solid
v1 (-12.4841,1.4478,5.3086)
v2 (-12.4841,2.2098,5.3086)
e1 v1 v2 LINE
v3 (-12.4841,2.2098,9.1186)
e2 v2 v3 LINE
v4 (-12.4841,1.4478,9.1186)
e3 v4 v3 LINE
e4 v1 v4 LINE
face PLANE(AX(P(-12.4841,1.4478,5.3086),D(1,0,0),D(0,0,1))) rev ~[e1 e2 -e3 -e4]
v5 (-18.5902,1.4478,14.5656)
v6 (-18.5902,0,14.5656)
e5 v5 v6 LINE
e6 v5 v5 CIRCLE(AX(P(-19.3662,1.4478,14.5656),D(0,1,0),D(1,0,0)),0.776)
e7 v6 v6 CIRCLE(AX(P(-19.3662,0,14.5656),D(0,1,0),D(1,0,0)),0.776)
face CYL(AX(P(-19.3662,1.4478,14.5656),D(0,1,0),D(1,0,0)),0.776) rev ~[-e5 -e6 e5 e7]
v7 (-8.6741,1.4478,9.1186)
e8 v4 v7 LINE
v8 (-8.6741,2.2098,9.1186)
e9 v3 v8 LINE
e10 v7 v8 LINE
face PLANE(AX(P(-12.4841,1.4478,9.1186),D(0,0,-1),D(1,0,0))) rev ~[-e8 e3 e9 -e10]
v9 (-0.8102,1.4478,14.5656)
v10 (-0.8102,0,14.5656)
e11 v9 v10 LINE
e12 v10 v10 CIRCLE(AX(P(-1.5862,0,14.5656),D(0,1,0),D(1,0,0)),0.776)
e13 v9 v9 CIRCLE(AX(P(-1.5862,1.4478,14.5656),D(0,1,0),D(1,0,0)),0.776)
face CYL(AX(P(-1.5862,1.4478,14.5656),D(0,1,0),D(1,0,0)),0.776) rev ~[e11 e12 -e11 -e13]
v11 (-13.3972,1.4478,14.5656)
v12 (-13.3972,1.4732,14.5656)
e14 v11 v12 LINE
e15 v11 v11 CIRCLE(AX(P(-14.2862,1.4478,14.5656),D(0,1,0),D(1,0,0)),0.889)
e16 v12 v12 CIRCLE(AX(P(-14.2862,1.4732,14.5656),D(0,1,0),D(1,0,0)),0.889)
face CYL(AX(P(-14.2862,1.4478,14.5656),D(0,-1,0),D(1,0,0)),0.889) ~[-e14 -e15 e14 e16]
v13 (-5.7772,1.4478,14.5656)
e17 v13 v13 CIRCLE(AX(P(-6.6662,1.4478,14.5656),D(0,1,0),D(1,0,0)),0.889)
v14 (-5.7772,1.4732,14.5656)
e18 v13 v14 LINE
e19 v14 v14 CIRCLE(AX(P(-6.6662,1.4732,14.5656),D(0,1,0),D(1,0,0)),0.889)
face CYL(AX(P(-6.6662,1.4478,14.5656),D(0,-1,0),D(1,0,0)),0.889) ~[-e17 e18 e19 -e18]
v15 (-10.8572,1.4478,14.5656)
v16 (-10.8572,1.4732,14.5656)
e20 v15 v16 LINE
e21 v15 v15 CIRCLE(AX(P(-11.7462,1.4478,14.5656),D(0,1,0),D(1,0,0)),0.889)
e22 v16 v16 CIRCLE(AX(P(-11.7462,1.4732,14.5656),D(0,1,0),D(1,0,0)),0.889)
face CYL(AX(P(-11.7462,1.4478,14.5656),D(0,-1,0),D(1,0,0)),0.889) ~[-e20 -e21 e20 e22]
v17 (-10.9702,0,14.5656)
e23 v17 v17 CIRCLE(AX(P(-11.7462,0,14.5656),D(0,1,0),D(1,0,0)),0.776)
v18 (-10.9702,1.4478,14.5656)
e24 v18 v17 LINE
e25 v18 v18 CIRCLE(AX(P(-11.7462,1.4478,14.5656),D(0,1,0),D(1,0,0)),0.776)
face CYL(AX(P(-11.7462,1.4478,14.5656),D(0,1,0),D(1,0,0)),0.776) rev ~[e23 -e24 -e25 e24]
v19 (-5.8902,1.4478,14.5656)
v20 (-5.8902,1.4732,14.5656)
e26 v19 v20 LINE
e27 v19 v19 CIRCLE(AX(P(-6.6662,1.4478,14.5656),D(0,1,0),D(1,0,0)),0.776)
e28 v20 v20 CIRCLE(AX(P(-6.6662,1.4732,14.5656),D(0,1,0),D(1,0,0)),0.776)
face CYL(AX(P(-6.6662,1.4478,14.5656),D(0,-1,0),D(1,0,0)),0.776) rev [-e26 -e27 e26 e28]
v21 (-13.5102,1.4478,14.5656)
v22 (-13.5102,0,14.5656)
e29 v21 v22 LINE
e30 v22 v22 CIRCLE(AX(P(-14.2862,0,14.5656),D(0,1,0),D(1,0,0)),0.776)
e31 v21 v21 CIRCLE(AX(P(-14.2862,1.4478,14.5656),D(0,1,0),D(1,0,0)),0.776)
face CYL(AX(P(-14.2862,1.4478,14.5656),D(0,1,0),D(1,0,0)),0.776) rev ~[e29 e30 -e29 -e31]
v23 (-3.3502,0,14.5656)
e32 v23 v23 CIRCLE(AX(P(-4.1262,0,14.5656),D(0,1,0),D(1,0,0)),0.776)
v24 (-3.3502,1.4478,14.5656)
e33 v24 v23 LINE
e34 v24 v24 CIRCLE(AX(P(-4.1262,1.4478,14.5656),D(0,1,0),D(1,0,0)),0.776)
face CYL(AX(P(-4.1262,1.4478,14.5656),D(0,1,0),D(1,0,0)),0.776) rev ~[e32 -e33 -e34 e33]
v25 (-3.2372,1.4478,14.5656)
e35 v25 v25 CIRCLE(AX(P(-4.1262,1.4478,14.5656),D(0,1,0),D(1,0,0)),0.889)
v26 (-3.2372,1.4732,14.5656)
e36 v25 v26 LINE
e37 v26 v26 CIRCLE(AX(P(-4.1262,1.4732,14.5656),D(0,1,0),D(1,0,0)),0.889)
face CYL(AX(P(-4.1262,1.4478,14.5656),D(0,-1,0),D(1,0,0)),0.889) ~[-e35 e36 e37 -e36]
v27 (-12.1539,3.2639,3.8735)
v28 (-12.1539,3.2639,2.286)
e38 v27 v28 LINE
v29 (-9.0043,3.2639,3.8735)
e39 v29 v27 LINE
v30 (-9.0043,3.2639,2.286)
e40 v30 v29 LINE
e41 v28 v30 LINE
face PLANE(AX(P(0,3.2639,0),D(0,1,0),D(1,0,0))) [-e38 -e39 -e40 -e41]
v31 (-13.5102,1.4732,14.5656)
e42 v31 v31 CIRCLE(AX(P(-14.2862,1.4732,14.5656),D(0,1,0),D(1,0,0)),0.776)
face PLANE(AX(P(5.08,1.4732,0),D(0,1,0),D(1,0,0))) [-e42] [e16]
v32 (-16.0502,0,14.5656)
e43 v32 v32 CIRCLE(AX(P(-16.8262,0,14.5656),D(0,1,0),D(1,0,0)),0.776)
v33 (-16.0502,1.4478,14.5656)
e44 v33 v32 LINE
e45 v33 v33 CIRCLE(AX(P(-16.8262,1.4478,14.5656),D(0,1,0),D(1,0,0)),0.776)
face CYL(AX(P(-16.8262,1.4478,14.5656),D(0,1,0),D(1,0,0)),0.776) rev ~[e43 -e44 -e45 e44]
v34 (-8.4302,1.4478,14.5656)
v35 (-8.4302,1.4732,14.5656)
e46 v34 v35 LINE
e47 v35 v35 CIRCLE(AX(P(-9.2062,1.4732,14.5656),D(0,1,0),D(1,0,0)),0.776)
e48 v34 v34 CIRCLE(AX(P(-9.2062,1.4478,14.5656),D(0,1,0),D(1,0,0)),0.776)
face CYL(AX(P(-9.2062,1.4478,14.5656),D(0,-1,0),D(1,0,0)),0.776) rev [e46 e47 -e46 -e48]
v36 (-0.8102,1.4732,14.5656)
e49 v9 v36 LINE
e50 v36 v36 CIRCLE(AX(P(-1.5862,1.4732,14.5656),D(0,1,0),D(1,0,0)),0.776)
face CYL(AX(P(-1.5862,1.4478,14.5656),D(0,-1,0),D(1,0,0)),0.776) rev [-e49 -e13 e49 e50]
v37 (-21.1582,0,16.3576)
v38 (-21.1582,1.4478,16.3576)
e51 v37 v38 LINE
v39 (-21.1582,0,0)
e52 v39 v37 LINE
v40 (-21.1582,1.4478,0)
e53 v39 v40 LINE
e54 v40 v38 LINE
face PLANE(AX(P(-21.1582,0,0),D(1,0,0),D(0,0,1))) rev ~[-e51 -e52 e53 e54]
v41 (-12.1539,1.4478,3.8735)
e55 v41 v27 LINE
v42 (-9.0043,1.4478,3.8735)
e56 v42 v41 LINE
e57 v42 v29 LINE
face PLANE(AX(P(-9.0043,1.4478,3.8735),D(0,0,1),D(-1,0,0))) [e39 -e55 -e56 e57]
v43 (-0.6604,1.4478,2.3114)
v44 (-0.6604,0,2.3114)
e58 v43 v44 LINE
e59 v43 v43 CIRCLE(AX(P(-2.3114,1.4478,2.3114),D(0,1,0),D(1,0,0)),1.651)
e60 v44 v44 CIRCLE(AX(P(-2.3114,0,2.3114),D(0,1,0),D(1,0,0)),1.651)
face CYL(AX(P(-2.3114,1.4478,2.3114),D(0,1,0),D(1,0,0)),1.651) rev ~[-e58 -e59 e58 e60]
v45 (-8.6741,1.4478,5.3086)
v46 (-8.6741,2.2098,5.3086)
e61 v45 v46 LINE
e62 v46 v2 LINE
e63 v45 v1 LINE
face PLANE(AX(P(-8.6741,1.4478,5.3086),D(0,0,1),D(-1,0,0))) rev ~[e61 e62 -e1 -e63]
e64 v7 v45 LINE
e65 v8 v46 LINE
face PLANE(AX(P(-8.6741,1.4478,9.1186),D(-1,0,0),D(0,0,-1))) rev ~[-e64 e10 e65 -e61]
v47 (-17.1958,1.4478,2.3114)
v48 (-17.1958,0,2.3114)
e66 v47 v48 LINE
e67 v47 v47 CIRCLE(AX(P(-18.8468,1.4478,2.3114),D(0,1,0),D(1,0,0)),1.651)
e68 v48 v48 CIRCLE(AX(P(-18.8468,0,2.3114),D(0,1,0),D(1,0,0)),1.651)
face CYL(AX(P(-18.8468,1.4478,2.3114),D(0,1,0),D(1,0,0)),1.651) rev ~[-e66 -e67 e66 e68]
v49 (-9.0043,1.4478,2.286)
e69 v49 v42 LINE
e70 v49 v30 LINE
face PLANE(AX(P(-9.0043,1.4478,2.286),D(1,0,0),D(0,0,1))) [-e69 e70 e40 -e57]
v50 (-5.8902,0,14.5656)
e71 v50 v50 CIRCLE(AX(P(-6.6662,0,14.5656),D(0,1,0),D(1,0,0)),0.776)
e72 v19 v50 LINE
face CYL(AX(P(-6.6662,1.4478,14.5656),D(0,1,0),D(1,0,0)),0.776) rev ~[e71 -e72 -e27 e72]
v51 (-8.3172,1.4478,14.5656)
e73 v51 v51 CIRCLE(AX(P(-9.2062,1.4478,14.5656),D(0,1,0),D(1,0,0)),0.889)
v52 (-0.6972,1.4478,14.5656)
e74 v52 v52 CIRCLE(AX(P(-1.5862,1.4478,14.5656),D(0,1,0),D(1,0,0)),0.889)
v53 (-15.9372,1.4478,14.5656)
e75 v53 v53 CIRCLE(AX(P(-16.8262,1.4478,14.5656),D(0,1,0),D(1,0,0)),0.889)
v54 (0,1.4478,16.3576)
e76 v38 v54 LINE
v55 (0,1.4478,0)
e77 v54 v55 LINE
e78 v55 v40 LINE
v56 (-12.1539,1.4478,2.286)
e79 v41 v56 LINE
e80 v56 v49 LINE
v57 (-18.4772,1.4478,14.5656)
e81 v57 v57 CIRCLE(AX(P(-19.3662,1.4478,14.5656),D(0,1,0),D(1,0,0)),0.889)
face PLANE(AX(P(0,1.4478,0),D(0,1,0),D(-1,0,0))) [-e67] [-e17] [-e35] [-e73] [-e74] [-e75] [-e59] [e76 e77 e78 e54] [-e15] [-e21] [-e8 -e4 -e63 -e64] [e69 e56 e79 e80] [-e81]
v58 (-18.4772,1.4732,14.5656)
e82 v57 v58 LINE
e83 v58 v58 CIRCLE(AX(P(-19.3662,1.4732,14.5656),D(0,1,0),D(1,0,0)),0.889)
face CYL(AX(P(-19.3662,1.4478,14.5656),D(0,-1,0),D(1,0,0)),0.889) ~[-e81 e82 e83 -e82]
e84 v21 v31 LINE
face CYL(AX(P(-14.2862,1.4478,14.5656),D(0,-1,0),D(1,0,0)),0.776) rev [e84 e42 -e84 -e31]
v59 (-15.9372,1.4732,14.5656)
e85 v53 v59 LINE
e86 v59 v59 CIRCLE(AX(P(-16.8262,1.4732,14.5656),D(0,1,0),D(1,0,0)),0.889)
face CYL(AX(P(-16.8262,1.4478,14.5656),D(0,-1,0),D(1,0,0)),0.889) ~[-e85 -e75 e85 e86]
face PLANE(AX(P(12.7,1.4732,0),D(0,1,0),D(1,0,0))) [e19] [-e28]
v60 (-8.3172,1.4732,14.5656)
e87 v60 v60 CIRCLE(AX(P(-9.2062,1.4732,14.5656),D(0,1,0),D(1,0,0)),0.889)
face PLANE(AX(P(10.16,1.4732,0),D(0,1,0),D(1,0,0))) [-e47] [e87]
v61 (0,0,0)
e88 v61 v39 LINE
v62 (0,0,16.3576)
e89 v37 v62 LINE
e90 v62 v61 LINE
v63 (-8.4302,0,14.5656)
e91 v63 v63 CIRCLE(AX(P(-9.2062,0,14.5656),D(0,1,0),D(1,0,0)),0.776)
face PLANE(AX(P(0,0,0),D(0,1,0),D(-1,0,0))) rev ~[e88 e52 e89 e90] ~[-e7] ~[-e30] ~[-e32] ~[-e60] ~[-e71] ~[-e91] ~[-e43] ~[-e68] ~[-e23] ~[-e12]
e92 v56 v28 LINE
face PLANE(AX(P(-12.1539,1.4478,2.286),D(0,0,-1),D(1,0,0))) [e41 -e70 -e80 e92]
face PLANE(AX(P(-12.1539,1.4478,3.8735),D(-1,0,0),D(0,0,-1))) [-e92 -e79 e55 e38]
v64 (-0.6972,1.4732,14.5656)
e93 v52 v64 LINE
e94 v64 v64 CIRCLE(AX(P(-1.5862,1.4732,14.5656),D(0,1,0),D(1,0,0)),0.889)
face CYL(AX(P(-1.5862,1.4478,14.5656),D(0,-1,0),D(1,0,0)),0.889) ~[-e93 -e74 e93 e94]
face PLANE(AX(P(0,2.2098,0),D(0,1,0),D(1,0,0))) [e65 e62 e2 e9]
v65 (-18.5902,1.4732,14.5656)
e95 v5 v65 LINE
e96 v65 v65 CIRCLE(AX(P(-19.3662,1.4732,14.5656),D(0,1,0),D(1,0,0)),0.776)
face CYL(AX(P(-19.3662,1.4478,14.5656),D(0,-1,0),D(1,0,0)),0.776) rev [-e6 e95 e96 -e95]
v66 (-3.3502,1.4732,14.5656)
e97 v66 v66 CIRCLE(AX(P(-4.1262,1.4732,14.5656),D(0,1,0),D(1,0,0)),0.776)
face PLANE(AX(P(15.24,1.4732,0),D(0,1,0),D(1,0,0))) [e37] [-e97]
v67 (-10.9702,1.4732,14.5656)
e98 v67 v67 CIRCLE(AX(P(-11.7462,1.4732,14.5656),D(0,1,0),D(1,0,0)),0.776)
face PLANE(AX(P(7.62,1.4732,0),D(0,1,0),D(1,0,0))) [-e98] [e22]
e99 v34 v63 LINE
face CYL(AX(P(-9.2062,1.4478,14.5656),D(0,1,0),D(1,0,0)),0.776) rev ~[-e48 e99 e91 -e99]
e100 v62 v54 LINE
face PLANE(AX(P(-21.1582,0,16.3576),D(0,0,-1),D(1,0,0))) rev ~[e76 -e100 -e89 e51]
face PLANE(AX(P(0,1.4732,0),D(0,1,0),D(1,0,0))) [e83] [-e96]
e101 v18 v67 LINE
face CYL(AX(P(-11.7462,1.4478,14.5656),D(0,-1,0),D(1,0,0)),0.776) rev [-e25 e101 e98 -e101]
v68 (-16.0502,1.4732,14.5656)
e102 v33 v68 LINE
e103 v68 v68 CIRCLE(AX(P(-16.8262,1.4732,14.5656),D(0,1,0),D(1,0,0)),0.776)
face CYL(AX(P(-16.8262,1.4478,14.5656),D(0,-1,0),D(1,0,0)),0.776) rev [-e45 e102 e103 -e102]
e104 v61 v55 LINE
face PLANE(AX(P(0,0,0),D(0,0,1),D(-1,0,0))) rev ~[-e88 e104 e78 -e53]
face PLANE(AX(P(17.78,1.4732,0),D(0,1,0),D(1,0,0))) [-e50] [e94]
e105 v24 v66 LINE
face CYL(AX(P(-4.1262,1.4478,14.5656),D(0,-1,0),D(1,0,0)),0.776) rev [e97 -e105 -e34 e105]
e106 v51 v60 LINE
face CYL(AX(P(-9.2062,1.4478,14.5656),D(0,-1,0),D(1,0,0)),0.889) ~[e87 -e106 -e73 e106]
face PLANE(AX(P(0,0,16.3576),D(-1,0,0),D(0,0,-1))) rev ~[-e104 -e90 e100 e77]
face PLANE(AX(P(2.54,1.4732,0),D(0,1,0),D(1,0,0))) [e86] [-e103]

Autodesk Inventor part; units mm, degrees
ref_plane "YZ Plane" through (0, 0, 0) normal (1, 0, 0) x (0, 1, 0)
ref_plane "XZ Plane" through (0, 0, 0) normal (0, 1, 0) x (-1, 0, 0)
ref_plane "XY Plane" through (0, 0, 0) normal (0, 0, 1) x (1, 0, 0)
sketch "Sketch1" plane through (0, 0, 0) normal (0, 1, 0) x (-1, 0, 0)
  line L0 (0, 0) -> (21.1582, 0)
  line L1 (21.1582, 0) -> (21.1582, 16.3576)
  line L2 (21.1582, 16.3576) -> (0, 16.3576)
  line L3 (0, 16.3576) -> (0, 0)
  dimension "d0" = 21.1582
  dimension "d1" = 16.3576
extrude "Extrusion1" add sketch "Sketch1" along normal blind 1.4478
sketch "Sketch2" plane through (0, 1.4478, 0) normal (0, 1, 0) x (1, 0, 0)
  line L0 (0, 0) -> (-21.1582, 0) projected
  line L1 (-21.1582, 0) -> (-21.1582, -16.3576) projected
  line L2 (0, -16.3576) -> (0, 0) projected
  circle A0 centre (-18.8468, -2.3114) radius 1.651
  circle A1 centre (-2.3114, -2.3114) radius 1.651
  dimension "d4" = 0.6604
  dimension "d5" = 0.6604
  dimension "d6" = 0.6604
  dimension "d7" = 3.302
extrude "Extrusion2" cut sketch "Sketch2" against normal through all
sketch "Sketch3" plane through (0, 1.4478, 0) normal (0, 1, 0) x (1, 0, 0)
  line L0 (0, 0) -> (-21.1582, 0) projected
  line L1 (-12.1539, -2.286) -> (-9.0043, -2.286)
  line L2 (-9.0043, -2.286) -> (-9.0043, -3.8735)
  line L3 (-9.0043, -3.8735) -> (-12.1539, -3.8735)
  line L4 (-12.1539, -3.8735) -> (-12.1539, -2.286)
  point P0 (-10.5791, -2.286)
  point P1 (-10.5791, 0)
  dimension "d10" = 3.1496
  dimension "d11" = 1.5875
  dimension "d12" = 2.286
extrude "Extrusion3" add sketch "Sketch3" along normal blind 1.8161
sketch "Sketch4" plane through (0, 1.4478, 0) normal (0, 1, 0) x (1, 0, 0)
  line L0 (-9.0043, -3.8735) -> (-12.1539, -3.8735) projected
  line L1 (0, 0) -> (-21.1582, 0) projected
  line L2 (-8.6741, -5.3086) -> (-12.4841, -5.3086)
  line L3 (-12.4841, -5.3086) -> (-12.4841, -9.1186)
  line L4 (-12.4841, -9.1186) -> (-8.6741, -9.1186)
  line L5 (-8.6741, -9.1186) -> (-8.6741, -5.3086)
  line L6 (-8.6741, -5.3086) -> (-12.4841, -9.1186) construction
  line L7 (-12.4841, -5.3086) -> (-8.6741, -9.1186) construction
  point P0 (-10.5791, -7.2136)
  point P1 (-10.5791, 0)
  point P2 (-10.5791, -7.2136)
  dimension "d15" = 3.81
  dimension "d16" = 3.81
  dimension "d17" = 1.4351
extrude "Extrusion4" add sketch "Sketch4" along normal blind 0.762
sketch "Sketch5" plane through (0, 1.4478, 0) normal (0, 1, 0) x (1, 0, 0)
  line L0 (-21.1582, 0) -> (-21.1582, -16.3576) projected
  line L1 (-21.1582, -16.3576) -> (0, -16.3576) projected
  circle A0 centre (-19.3662, -14.5656) radius 0.776
  dimension "d20" = 1.016
  dimension "d21" = 1.016
extrude "Extrusion5" cut sketch "Sketch5" against normal through all
sketch "Sketch6" plane through (0, 1.4478, 0) normal (0, 1, 0) x (1, 0, 0)
  circle A0 centre (-19.3662, -14.5656) radius 0.776 projected
  circle A1 centre (-19.3662, -14.5656) radius 0.889
  dimension "d24" = 1.778
extrude "Extrusion6" add sketch "Sketch6" along normal blind 0.0254
pattern_linear "Rectangular Pattern1" count 8 spacing 2.54 along (1, 0, 0) of "Extrusion5", "Extrusion6"
equation "\"d5\" = d4"
equation "\"d6\" = d5"
properties part number "GY-521 Gyro"
